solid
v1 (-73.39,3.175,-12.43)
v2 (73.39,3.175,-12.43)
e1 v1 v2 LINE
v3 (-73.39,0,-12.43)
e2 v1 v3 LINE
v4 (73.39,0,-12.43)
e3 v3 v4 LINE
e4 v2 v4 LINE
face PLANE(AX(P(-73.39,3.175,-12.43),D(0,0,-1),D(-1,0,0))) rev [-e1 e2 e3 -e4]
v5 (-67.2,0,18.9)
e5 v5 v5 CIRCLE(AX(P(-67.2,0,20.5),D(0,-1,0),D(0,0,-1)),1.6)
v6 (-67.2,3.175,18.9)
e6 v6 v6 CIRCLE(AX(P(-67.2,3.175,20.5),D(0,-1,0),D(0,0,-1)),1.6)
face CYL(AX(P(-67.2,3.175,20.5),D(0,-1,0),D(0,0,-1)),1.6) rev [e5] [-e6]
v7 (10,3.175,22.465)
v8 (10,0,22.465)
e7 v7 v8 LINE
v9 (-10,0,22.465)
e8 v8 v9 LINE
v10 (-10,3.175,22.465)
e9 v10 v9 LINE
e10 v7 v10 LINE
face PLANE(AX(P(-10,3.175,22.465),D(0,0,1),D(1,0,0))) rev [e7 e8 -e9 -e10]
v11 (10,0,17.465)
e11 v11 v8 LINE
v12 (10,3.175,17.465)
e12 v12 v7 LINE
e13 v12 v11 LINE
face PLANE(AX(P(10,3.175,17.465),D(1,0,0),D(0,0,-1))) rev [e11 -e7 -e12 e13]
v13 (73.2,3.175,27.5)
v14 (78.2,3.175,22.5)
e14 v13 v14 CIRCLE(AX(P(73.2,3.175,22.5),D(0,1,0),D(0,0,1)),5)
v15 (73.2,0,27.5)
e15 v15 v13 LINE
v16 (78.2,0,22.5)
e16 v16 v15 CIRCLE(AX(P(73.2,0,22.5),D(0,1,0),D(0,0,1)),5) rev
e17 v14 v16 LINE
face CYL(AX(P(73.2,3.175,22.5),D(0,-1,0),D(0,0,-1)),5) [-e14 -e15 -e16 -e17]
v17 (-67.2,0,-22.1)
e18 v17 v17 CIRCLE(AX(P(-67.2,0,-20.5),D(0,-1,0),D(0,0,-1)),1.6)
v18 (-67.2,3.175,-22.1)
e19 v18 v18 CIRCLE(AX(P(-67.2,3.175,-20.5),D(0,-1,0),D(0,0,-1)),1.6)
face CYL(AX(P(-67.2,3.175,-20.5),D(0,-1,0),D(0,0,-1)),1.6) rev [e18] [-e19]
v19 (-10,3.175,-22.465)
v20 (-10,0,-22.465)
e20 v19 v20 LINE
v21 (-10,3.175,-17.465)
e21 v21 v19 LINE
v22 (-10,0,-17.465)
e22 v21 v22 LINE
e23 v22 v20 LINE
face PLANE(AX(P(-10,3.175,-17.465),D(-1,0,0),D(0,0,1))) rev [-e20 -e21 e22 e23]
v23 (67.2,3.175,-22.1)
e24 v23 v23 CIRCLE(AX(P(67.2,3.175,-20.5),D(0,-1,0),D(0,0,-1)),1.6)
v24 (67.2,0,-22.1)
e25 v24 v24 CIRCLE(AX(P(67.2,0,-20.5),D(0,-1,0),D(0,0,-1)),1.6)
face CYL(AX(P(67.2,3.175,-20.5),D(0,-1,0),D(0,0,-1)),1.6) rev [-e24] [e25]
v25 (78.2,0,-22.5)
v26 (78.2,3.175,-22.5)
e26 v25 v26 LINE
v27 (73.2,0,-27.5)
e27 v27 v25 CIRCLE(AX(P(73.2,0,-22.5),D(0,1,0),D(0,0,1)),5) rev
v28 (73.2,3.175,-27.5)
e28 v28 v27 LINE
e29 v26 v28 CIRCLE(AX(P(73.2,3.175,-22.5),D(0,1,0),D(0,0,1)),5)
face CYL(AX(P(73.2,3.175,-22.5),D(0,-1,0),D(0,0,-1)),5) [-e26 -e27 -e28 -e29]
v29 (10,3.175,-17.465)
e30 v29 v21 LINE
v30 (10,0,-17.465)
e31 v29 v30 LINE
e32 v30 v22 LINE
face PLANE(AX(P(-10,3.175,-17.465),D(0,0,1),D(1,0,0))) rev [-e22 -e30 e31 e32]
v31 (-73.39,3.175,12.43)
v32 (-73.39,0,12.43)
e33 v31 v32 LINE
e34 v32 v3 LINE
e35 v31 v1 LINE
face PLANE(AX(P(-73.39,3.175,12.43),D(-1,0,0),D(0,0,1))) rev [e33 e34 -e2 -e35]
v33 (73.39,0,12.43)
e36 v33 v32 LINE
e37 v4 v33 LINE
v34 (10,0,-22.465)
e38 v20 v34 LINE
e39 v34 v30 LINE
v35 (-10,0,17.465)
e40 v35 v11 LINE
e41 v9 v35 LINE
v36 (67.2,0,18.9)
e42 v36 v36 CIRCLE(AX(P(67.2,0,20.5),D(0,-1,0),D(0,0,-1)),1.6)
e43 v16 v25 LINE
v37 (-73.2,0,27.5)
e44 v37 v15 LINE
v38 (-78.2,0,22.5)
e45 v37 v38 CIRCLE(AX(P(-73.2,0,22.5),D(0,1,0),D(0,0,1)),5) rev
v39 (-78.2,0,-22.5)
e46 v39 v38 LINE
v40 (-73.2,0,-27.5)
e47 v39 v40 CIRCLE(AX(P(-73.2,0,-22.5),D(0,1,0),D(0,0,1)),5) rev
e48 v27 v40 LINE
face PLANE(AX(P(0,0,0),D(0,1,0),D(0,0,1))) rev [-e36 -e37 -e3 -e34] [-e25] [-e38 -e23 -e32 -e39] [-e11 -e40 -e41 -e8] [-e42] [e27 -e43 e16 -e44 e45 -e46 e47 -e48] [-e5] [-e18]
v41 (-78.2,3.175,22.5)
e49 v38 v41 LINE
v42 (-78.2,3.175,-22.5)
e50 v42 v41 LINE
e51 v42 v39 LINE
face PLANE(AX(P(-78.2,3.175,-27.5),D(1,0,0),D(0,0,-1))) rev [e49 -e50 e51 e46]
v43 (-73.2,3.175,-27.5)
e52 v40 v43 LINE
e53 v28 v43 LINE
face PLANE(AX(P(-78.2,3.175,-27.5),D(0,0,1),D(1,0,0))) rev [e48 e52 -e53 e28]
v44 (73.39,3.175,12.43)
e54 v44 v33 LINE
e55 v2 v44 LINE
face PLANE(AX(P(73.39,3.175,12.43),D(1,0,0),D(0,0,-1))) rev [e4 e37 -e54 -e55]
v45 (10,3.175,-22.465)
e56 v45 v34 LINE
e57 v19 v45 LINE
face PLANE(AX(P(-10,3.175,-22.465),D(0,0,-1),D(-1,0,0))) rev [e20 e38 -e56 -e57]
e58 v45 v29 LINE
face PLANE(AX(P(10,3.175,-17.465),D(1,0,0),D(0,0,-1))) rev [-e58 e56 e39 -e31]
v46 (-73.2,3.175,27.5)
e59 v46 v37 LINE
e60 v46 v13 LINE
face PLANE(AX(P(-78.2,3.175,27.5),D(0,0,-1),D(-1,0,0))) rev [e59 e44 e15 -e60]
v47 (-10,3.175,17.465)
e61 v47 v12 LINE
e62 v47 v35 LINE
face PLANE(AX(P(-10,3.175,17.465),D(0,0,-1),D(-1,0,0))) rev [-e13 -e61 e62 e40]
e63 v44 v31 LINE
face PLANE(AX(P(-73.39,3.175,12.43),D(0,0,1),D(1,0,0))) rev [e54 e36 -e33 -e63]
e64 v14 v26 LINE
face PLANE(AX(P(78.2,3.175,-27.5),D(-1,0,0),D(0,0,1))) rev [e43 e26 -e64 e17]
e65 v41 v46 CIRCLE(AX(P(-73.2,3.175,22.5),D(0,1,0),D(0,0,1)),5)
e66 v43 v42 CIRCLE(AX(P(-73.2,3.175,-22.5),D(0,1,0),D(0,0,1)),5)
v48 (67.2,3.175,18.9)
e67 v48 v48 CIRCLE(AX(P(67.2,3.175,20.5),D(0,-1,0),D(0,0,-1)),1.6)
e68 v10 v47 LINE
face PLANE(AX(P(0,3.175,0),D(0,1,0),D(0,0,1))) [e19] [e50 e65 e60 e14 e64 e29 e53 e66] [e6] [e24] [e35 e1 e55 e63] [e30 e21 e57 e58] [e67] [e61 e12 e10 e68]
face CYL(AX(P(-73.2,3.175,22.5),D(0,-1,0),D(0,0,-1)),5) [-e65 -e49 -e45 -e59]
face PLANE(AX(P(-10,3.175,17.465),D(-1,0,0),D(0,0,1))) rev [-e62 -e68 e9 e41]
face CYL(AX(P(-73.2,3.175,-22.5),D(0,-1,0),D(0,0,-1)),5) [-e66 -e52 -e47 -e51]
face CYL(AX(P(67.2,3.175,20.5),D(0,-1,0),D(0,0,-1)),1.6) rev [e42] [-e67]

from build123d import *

# Parameters (mm, degrees)
SKETCH1_W           = 156.4
SKETCH1_H           = 55
BOSS_EXTRUDE1_DEPTH = 3.175
SKETCH2_R           = 1.6
CUT_EXTRUDE1_DEPTH  = 83.955232656
SKETCH5_W           = 146.78
SKETCH5_H           = 24.86
CUT_EXTRUDE4_DEPTH  = 3.175
SKETCH6_W           = 20
SKETCH6_H           = 5
CUT_EXTRUDE5_DEPTH  = 83.955232656
FILLET1_R           = 5


with BuildPart() as part:
    # Sketch1 → Boss-Extrude1 (new body)
    with BuildSketch(Plane(origin=(0, 0, 0), x_dir=(1, 0, 0), z_dir=(0, 1, 0))):
        Rectangle(SKETCH1_W, SKETCH1_H)
    extrude(amount=BOSS_EXTRUDE1_DEPTH)

    # Sketch2 → Cut-Extrude1 (cut, through all)
    with BuildSketch(Plane.XZ):
        with Locations(Location((67.2, 20.5, 0), (0, 0, 270))):
            Circle(SKETCH2_R)
        with Locations(Location((67.2, -20.5, 0), (0, 0, 270))):
            Circle(SKETCH2_R)
        with Locations(Location((-67.2, -20.5, 0), (0, 0, 270))):
            Circle(SKETCH2_R)
        with Locations(Location((-67.2, 20.5, 0), (0, 0, 270))):
            Circle(SKETCH2_R)
    extrude(amount=-CUT_EXTRUDE1_DEPTH, mode=Mode.SUBTRACT)

    # Sketch5 → Cut-Extrude4 (cut)
    with BuildSketch(Plane.XZ):
        Rectangle(SKETCH5_W, SKETCH5_H)
    extrude(amount=-CUT_EXTRUDE4_DEPTH, mode=Mode.SUBTRACT)

    # Sketch6 → Cut-Extrude5 (cut, through all)
    with BuildSketch(Plane(origin=(0, 0, 0), x_dir=(-1, 0, 0), z_dir=(0, -1, 0))):
        with Locations((0, -19.965)):
            Rectangle(SKETCH6_W, SKETCH6_H)
        with Locations((0, 19.965)):
            Rectangle(SKETCH6_W, SKETCH6_H)
    extrude(amount=-CUT_EXTRUDE5_DEPTH, mode=Mode.SUBTRACT)

    # Fillet1
    fillet1_edges = [part.edges().sort_by_distance(p)[0] for p in [
        (78.2, 1.5875, 27.5),
        (-78.2, 1.5875, 27.5),
        (-78.2, 1.5875, -27.5),
        (78.2, 1.5875, -27.5),
    ]]
    fillet(fillet1_edges, radius=FILLET1_R)


solid = part.part
